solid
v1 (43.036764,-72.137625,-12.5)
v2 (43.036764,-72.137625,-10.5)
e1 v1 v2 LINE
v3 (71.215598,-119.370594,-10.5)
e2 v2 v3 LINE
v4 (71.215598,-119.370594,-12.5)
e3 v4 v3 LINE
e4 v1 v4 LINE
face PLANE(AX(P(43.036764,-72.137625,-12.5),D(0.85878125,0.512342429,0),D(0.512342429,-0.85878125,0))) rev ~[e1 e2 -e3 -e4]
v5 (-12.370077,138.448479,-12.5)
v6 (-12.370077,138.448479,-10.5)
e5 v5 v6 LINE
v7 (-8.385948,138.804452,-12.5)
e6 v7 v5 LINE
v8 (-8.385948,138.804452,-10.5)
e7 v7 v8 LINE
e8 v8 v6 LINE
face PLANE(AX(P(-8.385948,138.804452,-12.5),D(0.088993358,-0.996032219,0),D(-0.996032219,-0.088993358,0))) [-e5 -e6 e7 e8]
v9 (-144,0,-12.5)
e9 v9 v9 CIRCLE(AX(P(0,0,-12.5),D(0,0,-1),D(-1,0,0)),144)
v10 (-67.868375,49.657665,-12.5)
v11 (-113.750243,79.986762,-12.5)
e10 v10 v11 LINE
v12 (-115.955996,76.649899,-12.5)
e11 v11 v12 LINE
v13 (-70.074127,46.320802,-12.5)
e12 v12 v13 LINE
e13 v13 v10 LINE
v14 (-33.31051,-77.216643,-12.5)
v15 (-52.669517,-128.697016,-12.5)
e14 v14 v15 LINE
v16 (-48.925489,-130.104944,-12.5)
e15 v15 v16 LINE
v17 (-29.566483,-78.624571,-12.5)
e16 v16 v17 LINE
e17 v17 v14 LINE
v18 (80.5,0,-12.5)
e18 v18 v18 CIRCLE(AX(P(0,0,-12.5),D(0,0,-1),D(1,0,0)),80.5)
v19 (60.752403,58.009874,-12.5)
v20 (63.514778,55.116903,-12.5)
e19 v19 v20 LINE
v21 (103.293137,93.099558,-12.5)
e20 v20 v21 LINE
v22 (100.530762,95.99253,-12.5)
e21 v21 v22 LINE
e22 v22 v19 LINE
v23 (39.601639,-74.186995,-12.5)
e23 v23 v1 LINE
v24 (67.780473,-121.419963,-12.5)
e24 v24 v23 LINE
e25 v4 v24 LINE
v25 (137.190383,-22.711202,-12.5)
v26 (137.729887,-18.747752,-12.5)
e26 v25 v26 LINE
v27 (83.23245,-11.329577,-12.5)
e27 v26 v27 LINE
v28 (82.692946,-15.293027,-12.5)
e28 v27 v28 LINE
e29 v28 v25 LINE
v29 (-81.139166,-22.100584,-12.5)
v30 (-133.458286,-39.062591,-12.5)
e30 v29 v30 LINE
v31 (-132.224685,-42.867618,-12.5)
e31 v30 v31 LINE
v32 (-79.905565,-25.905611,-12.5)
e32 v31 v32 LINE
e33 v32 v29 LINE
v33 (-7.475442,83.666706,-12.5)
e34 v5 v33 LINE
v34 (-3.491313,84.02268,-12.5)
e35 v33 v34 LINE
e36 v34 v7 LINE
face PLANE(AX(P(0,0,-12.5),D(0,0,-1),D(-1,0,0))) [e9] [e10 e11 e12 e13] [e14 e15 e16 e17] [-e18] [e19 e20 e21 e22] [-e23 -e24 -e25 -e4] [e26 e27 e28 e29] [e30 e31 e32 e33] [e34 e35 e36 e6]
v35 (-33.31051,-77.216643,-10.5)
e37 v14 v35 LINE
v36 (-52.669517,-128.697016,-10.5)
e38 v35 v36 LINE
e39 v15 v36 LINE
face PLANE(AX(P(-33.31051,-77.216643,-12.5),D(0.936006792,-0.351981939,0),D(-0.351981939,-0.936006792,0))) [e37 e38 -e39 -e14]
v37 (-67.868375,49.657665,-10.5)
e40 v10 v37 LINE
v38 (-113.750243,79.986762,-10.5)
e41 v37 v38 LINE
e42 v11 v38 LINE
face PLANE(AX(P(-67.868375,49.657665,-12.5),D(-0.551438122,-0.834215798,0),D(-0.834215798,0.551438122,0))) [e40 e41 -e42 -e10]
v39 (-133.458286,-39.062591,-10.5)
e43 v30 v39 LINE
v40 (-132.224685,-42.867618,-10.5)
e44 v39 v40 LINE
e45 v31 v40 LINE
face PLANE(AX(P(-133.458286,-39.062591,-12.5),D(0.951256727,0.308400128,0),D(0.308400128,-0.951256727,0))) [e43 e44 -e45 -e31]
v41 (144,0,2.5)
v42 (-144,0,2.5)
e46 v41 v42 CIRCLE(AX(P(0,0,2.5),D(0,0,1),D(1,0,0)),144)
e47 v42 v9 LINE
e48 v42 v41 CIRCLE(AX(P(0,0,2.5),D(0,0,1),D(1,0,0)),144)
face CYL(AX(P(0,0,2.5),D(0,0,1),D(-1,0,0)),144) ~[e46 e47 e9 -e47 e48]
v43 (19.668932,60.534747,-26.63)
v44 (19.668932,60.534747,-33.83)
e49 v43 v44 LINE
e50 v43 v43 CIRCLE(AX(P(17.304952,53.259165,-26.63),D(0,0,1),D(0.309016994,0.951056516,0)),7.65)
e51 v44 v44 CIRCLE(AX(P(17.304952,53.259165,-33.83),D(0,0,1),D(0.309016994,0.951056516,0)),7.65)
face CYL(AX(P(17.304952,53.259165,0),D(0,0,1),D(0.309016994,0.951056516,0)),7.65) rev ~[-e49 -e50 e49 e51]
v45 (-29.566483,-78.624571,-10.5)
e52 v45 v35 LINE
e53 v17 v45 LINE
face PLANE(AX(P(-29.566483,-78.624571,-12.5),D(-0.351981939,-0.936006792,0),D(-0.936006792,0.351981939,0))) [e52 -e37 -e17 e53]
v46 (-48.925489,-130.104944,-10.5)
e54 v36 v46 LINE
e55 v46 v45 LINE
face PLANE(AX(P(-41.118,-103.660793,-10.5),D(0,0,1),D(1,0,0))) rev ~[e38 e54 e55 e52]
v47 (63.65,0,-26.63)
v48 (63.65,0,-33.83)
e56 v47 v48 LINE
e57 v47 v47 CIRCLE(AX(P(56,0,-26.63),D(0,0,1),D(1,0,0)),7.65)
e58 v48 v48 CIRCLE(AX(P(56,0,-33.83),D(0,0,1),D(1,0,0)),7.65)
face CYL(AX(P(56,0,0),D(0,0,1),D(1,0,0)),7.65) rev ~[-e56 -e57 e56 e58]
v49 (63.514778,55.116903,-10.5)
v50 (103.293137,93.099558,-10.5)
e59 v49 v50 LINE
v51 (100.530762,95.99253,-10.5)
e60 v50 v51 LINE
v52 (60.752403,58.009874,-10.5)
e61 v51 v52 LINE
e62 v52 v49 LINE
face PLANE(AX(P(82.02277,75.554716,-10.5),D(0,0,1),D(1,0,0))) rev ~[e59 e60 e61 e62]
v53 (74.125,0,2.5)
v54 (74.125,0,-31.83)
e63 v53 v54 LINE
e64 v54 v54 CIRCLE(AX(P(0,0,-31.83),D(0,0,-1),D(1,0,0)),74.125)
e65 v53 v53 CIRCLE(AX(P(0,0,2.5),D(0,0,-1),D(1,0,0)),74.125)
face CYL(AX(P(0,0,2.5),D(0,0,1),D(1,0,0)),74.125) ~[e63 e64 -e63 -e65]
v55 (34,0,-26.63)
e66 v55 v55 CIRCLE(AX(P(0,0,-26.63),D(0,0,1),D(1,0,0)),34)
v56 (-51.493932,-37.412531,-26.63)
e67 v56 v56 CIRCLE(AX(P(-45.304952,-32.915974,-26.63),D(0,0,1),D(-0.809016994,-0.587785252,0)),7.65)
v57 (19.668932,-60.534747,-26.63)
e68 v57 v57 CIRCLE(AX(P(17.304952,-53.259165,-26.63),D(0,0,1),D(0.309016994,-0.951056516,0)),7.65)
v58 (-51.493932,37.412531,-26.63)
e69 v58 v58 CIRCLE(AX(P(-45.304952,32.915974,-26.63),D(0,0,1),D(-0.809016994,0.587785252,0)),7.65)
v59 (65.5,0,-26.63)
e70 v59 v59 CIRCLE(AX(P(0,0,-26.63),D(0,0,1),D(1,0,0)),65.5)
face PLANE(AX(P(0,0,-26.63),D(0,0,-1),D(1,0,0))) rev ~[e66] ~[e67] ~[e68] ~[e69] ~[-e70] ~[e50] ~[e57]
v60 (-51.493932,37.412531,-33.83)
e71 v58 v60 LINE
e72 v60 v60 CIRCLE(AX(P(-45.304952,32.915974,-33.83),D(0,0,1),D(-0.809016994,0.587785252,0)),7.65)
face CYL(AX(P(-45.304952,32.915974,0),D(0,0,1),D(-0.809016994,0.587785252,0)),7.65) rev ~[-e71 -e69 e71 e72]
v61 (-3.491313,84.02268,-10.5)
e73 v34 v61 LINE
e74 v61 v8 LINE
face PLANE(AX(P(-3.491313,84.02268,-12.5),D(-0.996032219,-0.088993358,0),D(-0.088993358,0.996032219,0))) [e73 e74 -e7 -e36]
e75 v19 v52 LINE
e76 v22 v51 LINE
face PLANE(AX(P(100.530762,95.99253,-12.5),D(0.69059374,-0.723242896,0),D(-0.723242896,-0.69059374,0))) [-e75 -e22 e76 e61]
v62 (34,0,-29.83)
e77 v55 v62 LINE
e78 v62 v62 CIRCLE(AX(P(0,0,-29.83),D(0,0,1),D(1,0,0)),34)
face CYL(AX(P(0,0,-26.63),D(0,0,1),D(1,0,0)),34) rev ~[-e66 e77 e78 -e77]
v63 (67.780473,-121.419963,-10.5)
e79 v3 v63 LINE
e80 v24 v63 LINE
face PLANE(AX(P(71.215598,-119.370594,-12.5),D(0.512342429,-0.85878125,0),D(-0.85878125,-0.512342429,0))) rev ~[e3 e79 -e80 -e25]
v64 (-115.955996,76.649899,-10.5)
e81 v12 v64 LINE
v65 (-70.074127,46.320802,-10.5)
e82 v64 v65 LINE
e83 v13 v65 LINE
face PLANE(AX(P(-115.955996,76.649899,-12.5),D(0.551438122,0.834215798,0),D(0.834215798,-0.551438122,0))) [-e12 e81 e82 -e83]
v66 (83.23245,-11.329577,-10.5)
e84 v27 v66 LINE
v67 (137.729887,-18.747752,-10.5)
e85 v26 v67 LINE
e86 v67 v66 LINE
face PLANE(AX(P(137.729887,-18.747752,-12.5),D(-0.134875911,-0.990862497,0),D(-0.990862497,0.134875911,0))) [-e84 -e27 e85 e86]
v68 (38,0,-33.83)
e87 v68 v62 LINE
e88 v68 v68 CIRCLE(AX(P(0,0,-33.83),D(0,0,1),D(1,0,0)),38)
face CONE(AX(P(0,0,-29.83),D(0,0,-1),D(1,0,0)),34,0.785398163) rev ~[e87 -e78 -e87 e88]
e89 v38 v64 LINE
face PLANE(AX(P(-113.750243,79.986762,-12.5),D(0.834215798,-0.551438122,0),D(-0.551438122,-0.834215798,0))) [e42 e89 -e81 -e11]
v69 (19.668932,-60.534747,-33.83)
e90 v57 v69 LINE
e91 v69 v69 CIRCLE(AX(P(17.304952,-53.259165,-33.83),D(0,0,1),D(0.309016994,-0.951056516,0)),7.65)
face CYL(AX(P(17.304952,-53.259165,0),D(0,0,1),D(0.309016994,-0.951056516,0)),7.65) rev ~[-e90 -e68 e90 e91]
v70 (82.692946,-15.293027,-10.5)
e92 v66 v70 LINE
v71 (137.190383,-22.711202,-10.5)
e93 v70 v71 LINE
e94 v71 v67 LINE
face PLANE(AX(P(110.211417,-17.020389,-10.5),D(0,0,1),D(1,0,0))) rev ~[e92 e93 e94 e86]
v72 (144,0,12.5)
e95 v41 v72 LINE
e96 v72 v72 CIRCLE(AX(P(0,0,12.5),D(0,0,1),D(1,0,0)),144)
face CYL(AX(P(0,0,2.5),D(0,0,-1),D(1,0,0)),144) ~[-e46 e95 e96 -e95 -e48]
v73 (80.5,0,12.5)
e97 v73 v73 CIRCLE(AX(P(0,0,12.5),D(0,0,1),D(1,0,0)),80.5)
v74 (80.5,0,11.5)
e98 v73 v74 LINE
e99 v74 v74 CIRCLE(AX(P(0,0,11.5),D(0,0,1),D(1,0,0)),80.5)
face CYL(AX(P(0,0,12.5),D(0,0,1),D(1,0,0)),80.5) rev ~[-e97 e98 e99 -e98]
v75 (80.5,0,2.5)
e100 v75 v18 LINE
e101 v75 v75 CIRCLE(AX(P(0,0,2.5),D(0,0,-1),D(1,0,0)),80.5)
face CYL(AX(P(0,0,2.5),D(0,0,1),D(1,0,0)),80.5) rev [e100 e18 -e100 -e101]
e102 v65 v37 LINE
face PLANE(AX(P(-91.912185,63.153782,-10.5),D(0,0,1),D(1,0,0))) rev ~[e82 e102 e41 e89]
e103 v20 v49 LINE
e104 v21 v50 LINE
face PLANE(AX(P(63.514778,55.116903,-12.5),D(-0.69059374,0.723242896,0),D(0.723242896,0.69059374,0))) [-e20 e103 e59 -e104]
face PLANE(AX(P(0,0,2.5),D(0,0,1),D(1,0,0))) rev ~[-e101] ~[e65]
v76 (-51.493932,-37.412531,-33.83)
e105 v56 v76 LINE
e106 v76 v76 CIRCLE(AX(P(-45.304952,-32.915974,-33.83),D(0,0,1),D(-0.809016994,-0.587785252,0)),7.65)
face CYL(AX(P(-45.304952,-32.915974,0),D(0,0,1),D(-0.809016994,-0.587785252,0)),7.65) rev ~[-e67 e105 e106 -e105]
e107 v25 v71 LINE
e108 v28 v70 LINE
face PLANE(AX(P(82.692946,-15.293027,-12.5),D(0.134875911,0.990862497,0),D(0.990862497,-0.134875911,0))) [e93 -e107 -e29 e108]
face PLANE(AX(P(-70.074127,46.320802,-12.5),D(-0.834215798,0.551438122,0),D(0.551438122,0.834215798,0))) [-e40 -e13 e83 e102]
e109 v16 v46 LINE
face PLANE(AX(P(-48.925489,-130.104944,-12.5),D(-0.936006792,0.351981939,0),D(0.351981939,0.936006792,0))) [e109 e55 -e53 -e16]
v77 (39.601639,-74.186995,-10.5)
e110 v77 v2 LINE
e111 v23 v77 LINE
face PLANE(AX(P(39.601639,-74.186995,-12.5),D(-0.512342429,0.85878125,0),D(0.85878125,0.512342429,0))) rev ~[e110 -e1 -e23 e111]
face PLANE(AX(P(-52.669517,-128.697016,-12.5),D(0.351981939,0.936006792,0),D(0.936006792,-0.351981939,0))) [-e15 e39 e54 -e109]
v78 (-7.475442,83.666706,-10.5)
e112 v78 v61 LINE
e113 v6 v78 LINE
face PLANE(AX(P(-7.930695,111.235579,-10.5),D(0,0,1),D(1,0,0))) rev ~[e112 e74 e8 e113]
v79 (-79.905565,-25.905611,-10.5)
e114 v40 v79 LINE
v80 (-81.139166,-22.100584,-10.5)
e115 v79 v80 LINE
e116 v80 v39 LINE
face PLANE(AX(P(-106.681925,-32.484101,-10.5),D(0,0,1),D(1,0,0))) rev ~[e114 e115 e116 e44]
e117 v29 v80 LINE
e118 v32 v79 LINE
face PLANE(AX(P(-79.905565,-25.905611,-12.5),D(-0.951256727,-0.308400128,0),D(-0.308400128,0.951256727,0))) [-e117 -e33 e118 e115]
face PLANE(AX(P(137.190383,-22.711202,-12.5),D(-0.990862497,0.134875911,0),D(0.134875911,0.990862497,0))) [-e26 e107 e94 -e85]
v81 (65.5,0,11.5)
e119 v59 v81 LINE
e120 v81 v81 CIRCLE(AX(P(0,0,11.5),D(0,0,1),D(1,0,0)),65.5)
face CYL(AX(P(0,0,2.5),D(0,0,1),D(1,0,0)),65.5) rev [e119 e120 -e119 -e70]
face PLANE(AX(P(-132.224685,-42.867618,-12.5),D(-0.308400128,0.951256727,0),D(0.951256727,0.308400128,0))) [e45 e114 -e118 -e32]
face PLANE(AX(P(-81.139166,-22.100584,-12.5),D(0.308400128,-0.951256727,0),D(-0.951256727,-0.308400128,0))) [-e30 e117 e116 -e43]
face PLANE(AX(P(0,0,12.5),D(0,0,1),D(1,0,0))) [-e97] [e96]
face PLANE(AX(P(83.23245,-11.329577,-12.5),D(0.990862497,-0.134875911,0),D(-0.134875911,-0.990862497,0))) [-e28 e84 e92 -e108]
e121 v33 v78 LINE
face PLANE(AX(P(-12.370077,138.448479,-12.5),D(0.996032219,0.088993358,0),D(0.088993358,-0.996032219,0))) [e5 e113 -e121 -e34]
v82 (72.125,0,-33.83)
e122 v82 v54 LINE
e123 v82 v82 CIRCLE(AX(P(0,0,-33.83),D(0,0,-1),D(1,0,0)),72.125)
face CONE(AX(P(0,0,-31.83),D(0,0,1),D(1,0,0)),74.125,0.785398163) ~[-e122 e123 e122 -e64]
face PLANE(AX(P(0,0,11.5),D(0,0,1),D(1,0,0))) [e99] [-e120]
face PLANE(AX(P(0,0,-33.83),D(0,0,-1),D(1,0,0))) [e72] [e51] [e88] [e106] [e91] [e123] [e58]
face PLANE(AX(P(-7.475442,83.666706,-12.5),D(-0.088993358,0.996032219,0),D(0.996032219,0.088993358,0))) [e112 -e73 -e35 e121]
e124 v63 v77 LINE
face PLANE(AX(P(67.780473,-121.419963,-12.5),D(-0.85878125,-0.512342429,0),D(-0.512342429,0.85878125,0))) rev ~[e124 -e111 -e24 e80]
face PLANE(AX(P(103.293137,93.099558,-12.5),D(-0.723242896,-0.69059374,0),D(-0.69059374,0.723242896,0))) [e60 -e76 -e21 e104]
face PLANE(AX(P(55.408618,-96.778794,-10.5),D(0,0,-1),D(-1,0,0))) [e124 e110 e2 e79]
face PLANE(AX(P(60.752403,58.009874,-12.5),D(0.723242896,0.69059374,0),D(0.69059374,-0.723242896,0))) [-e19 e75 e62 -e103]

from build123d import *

# Parameters (mm, degrees)
BOSS_EXTRUDE1_START = 2.5
SKETCH1_R           = 144
BOSS_EXTRUDE1_DEPTH = 10
SKETCH2_R           = 80.5
CUT_EXTRUDE1_DEPTH  = 1
SKETCH3_R           = 65.5
CUT_EXTRUDE2_DEPTH  = 204.845529752
SKETCH4_R           = 74.125
SKETCH4_R_2         = 65.5
BOSS_EXTRUDE3_DEPTH = 36.33
BOSS_EXTRUDE4_START = -7.2
SKETCH5_R           = 74.125
BOSS_EXTRUDE4_DEPTH = 7.2
SKETCH6_R           = 34
CUT_EXTRUDE3_DEPTH  = 17.2
SKETCH7_R           = 144
SKETCH7_R_2         = 80.5
BOSS_EXTRUDE5_DEPTH = 15
CHAMFER2_SIZE       = 4
SKETCH10_R          = 7.65
CUT_EXTRUDE4_DEPTH  = 207.437566591
CIRPATTERN2_COUNT   = 5
CHAMFER3_SIZE       = 2
CUT_EXTRUDE6_DEPTH  = 2


with BuildPart() as part:
    # Sketch1 → Boss-Extrude1 (new body)
    with BuildSketch(Plane.XY.offset(BOSS_EXTRUDE1_START)):
        Circle(SKETCH1_R)
    extrude(amount=BOSS_EXTRUDE1_DEPTH)

    # Sketch2 → Cut-Extrude1 (cut)
    with BuildSketch(Plane.XY.offset(12.5)):
        Circle(SKETCH2_R)
    extrude(amount=-CUT_EXTRUDE1_DEPTH, mode=Mode.SUBTRACT)

    # Sketch3 → Cut-Extrude2 (cut, through all)
    with BuildSketch(Plane.XY.offset(11.5)):
        Circle(SKETCH3_R)
    extrude(amount=-CUT_EXTRUDE2_DEPTH, mode=Mode.SUBTRACT)

    # Sketch4 → Boss-Extrude3 (add)
    with BuildSketch(Plane(origin=(0, 0, 2.5), x_dir=(-1, 0, 0), z_dir=(0, 0, -1))):
        with Locations(Location((0, 0, 0), (0, 0, 180))):
            Circle(SKETCH4_R)
        with Locations(Location((0, 0, 0), (0, 0, 180))):
            Circle(SKETCH4_R_2, mode=Mode.SUBTRACT)
    extrude(amount=BOSS_EXTRUDE3_DEPTH)

    # Sketch5 → Boss-Extrude4 (add)
    with BuildSketch(Plane(origin=(0, 0, -33.83), x_dir=(-1, 0, 0), z_dir=(0, 0, -1)).offset(BOSS_EXTRUDE4_START)):
        with Locations(Location((0, 0, 0), (0, 0, 180))):
            Circle(SKETCH5_R)
    extrude(amount=BOSS_EXTRUDE4_DEPTH)

    # Sketch6 → Cut-Extrude3 (cut)
    with BuildSketch(Plane.XY.offset(-26.63)):
        Circle(SKETCH6_R)
    extrude(amount=-CUT_EXTRUDE3_DEPTH, mode=Mode.SUBTRACT)

    # Sketch7 → Boss-Extrude5 (add)
    with BuildSketch(Plane(origin=(0, 0, 2.5), x_dir=(-1, 0, 0), z_dir=(0, 0, -1))):
        Circle(SKETCH7_R)
        with Locations(Location((0, 0, 0), (0, 0, 180))):
            Circle(SKETCH7_R_2, mode=Mode.SUBTRACT)
    extrude(amount=BOSS_EXTRUDE5_DEPTH)

    # Chamfer2
    chamfer2_edges = [part.edges().sort_by_distance(p)[0] for p in [
        (-34, 0, -33.83),
    ]]
    chamfer(chamfer2_edges, length=CHAMFER2_SIZE)

    # Sketch10 → Cut-Extrude4 (cut, through all)
    with BuildSketch(Plane.XY):
        with Locations((56, 0)):
            Circle(SKETCH10_R)
    cut_extrude4 = extrude(amount=-CUT_EXTRUDE4_DEPTH, mode=Mode.SUBTRACT)

    # CirPattern2: Cut-Extrude4 ×5 about axis
    cirpattern2_axis = Axis((0, 0, 0), (0, 0, 1))
    for i in range(1, CIRPATTERN2_COUNT):
        add(cut_extrude4.rotate(cirpattern2_axis, i * 360 / CIRPATTERN2_COUNT), mode=Mode.SUBTRACT)

    # Chamfer3
    chamfer3_edges = [part.edges().sort_by_distance(p)[0] for p in [
        (-74.125, 0, -33.83),
    ]]
    chamfer(chamfer3_edges, length=CHAMFER3_SIZE)

    # Sketch12 → Cut-Extrude6 (cut)
    with BuildSketch(Plane(origin=(0, 0, -12.5), x_dir=(-1, 0, 0), z_dir=(0, 0, -1))):
        Polygon((-43.036764008, -72.137625021), (-71.215597585, -119.370593785), (-67.780472584, -121.4199635), (-39.601639007, -74.186994736), align=None)
        Polygon((-82.692946132, -15.293026515), (-137.190383486, -22.711201621), (-137.72988713, -18.747751632), (-83.232449776, -11.329576526), align=None)
        Polygon((-63.514778191, 55.116902592), (-103.293137449, 93.099558302), (-100.530762488, 95.992529884), (-60.75240323, 58.009874175), align=None)
        Polygon((3.491313194, 84.022679868), (8.385947883, 138.804451939), (12.370076761, 138.448478507), (7.475442071, 83.666706436), align=None)
        Polygon((67.868374533, 49.657665453), (113.750243417, 79.986762171), (115.955995905, 76.64989898), (70.074127022, 46.320802261), align=None)
        Polygon((81.139165587, -22.10058388), (133.458285575, -39.062590944), (132.224685062, -42.867617853), (79.905565073, -25.905610789), align=None)
        Polygon((33.310510016, -77.216642782), (52.669516643, -128.697016347), (48.925489474, -130.104944102), (29.566482848, -78.624570536), align=None)
    extrude(amount=-CUT_EXTRUDE6_DEPTH, mode=Mode.SUBTRACT)


solid = part.part
